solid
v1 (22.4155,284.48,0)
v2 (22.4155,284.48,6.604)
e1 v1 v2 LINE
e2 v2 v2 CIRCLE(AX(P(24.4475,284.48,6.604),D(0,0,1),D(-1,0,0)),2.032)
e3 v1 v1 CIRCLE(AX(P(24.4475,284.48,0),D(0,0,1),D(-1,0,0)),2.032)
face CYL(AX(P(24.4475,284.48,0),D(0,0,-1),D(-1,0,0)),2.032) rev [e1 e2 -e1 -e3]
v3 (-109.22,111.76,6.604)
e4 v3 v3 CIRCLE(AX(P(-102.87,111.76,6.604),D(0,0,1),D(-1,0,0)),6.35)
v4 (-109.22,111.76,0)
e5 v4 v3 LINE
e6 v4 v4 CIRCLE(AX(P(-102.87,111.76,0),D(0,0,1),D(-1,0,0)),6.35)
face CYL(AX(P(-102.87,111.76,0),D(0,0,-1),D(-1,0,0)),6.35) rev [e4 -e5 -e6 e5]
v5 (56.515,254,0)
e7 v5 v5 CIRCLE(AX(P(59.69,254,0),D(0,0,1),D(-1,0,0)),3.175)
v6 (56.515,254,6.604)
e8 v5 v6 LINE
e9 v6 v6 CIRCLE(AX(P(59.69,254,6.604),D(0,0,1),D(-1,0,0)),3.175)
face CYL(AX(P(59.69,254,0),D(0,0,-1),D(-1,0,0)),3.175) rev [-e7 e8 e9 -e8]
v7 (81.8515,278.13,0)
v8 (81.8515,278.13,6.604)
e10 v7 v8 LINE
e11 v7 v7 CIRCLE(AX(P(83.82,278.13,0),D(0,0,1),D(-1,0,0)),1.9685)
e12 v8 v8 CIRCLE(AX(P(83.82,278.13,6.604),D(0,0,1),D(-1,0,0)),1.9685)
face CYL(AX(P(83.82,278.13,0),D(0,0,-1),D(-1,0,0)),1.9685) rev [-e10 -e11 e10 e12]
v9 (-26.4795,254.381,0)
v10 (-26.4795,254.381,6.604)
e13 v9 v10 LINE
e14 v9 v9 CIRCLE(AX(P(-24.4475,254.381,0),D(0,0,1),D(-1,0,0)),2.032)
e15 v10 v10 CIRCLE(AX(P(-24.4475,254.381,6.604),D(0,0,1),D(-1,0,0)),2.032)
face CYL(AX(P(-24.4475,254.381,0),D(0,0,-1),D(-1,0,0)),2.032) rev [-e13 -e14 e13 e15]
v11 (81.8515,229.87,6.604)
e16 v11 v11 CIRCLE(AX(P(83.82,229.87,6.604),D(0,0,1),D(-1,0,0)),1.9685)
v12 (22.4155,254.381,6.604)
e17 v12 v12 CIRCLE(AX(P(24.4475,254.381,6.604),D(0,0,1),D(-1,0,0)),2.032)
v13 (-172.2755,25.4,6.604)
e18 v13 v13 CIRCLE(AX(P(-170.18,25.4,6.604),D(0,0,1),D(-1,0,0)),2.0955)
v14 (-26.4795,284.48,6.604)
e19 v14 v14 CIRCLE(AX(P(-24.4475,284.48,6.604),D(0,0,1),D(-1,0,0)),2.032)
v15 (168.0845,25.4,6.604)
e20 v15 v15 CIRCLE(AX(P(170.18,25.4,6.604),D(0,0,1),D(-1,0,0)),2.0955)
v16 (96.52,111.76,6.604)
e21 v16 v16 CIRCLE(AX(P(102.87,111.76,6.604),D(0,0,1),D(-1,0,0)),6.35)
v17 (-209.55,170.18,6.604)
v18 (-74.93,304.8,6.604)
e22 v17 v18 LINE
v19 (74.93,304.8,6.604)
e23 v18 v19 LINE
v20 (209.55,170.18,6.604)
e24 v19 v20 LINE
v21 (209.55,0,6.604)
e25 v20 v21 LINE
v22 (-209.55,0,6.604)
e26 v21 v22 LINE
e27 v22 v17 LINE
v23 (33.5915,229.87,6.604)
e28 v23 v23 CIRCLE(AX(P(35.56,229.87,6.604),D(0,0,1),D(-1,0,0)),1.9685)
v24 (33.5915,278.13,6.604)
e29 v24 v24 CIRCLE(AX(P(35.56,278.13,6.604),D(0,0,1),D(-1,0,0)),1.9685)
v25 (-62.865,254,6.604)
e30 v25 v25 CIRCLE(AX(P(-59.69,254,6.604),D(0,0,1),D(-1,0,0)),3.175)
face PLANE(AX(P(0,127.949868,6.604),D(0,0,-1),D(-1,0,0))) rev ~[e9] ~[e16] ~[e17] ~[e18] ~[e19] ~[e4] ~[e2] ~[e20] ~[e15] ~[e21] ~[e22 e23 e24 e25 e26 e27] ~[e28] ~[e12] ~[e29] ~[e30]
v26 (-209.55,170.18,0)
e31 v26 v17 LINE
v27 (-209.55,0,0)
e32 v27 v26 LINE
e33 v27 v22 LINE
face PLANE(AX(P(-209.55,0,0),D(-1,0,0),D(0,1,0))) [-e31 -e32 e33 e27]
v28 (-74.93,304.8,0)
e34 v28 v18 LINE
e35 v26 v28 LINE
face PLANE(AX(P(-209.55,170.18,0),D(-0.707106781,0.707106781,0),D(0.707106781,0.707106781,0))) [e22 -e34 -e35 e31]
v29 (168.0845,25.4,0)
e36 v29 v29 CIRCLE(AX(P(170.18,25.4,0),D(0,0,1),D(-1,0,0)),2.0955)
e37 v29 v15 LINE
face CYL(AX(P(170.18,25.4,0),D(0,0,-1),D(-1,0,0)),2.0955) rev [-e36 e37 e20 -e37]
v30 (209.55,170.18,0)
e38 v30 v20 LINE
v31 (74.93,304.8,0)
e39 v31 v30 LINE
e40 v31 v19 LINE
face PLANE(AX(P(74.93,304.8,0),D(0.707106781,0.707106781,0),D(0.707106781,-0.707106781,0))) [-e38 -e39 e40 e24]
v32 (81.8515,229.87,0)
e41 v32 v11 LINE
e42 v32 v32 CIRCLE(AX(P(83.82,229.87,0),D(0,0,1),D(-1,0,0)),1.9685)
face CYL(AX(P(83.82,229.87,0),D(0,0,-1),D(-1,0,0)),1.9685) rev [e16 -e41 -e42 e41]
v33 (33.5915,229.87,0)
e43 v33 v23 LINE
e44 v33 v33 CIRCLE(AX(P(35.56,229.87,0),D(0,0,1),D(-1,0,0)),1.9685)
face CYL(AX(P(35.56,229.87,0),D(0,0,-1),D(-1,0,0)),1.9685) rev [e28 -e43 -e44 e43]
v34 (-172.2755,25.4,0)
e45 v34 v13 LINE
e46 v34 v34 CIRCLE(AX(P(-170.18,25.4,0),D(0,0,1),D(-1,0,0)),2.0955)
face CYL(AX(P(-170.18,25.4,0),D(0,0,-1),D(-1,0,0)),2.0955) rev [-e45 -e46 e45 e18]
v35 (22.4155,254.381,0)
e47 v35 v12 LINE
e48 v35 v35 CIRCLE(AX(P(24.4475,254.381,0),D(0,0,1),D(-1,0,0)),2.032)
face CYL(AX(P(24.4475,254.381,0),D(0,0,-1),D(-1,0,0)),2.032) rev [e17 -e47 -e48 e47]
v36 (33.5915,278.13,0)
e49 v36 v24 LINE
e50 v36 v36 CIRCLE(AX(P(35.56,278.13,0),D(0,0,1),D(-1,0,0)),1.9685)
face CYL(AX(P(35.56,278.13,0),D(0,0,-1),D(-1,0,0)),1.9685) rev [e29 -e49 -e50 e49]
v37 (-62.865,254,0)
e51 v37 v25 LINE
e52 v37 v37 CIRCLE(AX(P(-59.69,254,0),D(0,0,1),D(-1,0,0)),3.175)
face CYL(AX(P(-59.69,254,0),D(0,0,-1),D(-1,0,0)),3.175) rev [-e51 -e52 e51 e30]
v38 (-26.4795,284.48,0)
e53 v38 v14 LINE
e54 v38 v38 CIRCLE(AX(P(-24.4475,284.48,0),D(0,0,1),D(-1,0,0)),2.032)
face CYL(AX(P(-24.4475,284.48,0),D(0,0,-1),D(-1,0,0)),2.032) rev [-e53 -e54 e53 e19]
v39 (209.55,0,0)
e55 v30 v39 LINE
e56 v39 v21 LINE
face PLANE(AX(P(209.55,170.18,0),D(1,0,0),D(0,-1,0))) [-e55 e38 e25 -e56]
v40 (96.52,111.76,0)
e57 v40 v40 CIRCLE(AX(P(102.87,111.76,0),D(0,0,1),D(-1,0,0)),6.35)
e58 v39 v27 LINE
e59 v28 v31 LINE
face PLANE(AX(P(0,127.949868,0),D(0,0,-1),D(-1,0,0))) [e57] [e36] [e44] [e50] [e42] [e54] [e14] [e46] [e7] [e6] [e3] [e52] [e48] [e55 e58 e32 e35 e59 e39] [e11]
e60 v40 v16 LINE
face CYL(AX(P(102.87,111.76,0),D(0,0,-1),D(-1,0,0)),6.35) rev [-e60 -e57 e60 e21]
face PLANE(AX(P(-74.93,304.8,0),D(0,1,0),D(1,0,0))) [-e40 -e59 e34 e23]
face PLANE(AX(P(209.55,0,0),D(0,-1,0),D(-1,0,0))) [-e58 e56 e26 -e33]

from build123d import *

# Parameters (mm, degrees)
REFERENCE_R         = 6.35
REFERENCE_R_2       = 3.175
REFERENCE_R_3       = 2.0955
REFERENCE_R_4       = 1.9685
REFERENCE_R_5       = 2.032
BOSS_EXTRUDE3_DEPTH = 6.604


with BuildPart() as part:
    # reference → Boss-Extrude3 (new body)
    with BuildSketch(Plane.XY):
        Polygon((209.55, 0), (-209.55, 0), (-209.55, 170.18), (-74.93, 304.8), (74.93, 304.8), (209.55, 170.18), align=None)
        with Locations(Location((-102.87, 111.76, 0), (0, 0, 180))):
            Circle(REFERENCE_R, mode=Mode.SUBTRACT)
        with Locations(Location((102.87, 111.76, 0), (0, 0, 180))):
            Circle(REFERENCE_R, mode=Mode.SUBTRACT)
        with Locations(Location((-59.69, 254, 0), (0, 0, 180))):
            Circle(REFERENCE_R_2, mode=Mode.SUBTRACT)
        with Locations(Location((59.69, 254, 0), (0, 0, 180))):
            Circle(REFERENCE_R_2, mode=Mode.SUBTRACT)
        with Locations(Location((170.18, 25.4, 0), (0, 0, 180))):
            Circle(REFERENCE_R_3, mode=Mode.SUBTRACT)
        with Locations(Location((-170.18, 25.4, 0), (0, 0, 180))):
            Circle(REFERENCE_R_3, mode=Mode.SUBTRACT)
        with Locations(Location((83.82, 229.87, 0), (0, 0, 180))):
            Circle(REFERENCE_R_4, mode=Mode.SUBTRACT)
        with Locations(Location((35.56, 229.87, 0), (0, 0, 180))):
            Circle(REFERENCE_R_4, mode=Mode.SUBTRACT)
        with Locations(Location((83.82, 278.13, 0), (0, 0, 180))):
            Circle(REFERENCE_R_4, mode=Mode.SUBTRACT)
        with Locations(Location((35.56, 278.13, 0), (0, 0, 180))):
            Circle(REFERENCE_R_4, mode=Mode.SUBTRACT)
        with Locations(Location((24.4475, 284.48, 0), (0, 0, 180))):
            Circle(REFERENCE_R_5, mode=Mode.SUBTRACT)
        with Locations(Location((24.4475, 254.381, 0), (0, 0, 180))):
            Circle(REFERENCE_R_5, mode=Mode.SUBTRACT)
        with Locations(Location((-24.4475, 254.381, 0), (0, 0, 180))):
            Circle(REFERENCE_R_5, mode=Mode.SUBTRACT)
        with Locations(Location((-24.4475, 284.48, 0), (0, 0, 180))):
            Circle(REFERENCE_R_5, mode=Mode.SUBTRACT)
    extrude(amount=BOSS_EXTRUDE3_DEPTH)


solid = part.part
